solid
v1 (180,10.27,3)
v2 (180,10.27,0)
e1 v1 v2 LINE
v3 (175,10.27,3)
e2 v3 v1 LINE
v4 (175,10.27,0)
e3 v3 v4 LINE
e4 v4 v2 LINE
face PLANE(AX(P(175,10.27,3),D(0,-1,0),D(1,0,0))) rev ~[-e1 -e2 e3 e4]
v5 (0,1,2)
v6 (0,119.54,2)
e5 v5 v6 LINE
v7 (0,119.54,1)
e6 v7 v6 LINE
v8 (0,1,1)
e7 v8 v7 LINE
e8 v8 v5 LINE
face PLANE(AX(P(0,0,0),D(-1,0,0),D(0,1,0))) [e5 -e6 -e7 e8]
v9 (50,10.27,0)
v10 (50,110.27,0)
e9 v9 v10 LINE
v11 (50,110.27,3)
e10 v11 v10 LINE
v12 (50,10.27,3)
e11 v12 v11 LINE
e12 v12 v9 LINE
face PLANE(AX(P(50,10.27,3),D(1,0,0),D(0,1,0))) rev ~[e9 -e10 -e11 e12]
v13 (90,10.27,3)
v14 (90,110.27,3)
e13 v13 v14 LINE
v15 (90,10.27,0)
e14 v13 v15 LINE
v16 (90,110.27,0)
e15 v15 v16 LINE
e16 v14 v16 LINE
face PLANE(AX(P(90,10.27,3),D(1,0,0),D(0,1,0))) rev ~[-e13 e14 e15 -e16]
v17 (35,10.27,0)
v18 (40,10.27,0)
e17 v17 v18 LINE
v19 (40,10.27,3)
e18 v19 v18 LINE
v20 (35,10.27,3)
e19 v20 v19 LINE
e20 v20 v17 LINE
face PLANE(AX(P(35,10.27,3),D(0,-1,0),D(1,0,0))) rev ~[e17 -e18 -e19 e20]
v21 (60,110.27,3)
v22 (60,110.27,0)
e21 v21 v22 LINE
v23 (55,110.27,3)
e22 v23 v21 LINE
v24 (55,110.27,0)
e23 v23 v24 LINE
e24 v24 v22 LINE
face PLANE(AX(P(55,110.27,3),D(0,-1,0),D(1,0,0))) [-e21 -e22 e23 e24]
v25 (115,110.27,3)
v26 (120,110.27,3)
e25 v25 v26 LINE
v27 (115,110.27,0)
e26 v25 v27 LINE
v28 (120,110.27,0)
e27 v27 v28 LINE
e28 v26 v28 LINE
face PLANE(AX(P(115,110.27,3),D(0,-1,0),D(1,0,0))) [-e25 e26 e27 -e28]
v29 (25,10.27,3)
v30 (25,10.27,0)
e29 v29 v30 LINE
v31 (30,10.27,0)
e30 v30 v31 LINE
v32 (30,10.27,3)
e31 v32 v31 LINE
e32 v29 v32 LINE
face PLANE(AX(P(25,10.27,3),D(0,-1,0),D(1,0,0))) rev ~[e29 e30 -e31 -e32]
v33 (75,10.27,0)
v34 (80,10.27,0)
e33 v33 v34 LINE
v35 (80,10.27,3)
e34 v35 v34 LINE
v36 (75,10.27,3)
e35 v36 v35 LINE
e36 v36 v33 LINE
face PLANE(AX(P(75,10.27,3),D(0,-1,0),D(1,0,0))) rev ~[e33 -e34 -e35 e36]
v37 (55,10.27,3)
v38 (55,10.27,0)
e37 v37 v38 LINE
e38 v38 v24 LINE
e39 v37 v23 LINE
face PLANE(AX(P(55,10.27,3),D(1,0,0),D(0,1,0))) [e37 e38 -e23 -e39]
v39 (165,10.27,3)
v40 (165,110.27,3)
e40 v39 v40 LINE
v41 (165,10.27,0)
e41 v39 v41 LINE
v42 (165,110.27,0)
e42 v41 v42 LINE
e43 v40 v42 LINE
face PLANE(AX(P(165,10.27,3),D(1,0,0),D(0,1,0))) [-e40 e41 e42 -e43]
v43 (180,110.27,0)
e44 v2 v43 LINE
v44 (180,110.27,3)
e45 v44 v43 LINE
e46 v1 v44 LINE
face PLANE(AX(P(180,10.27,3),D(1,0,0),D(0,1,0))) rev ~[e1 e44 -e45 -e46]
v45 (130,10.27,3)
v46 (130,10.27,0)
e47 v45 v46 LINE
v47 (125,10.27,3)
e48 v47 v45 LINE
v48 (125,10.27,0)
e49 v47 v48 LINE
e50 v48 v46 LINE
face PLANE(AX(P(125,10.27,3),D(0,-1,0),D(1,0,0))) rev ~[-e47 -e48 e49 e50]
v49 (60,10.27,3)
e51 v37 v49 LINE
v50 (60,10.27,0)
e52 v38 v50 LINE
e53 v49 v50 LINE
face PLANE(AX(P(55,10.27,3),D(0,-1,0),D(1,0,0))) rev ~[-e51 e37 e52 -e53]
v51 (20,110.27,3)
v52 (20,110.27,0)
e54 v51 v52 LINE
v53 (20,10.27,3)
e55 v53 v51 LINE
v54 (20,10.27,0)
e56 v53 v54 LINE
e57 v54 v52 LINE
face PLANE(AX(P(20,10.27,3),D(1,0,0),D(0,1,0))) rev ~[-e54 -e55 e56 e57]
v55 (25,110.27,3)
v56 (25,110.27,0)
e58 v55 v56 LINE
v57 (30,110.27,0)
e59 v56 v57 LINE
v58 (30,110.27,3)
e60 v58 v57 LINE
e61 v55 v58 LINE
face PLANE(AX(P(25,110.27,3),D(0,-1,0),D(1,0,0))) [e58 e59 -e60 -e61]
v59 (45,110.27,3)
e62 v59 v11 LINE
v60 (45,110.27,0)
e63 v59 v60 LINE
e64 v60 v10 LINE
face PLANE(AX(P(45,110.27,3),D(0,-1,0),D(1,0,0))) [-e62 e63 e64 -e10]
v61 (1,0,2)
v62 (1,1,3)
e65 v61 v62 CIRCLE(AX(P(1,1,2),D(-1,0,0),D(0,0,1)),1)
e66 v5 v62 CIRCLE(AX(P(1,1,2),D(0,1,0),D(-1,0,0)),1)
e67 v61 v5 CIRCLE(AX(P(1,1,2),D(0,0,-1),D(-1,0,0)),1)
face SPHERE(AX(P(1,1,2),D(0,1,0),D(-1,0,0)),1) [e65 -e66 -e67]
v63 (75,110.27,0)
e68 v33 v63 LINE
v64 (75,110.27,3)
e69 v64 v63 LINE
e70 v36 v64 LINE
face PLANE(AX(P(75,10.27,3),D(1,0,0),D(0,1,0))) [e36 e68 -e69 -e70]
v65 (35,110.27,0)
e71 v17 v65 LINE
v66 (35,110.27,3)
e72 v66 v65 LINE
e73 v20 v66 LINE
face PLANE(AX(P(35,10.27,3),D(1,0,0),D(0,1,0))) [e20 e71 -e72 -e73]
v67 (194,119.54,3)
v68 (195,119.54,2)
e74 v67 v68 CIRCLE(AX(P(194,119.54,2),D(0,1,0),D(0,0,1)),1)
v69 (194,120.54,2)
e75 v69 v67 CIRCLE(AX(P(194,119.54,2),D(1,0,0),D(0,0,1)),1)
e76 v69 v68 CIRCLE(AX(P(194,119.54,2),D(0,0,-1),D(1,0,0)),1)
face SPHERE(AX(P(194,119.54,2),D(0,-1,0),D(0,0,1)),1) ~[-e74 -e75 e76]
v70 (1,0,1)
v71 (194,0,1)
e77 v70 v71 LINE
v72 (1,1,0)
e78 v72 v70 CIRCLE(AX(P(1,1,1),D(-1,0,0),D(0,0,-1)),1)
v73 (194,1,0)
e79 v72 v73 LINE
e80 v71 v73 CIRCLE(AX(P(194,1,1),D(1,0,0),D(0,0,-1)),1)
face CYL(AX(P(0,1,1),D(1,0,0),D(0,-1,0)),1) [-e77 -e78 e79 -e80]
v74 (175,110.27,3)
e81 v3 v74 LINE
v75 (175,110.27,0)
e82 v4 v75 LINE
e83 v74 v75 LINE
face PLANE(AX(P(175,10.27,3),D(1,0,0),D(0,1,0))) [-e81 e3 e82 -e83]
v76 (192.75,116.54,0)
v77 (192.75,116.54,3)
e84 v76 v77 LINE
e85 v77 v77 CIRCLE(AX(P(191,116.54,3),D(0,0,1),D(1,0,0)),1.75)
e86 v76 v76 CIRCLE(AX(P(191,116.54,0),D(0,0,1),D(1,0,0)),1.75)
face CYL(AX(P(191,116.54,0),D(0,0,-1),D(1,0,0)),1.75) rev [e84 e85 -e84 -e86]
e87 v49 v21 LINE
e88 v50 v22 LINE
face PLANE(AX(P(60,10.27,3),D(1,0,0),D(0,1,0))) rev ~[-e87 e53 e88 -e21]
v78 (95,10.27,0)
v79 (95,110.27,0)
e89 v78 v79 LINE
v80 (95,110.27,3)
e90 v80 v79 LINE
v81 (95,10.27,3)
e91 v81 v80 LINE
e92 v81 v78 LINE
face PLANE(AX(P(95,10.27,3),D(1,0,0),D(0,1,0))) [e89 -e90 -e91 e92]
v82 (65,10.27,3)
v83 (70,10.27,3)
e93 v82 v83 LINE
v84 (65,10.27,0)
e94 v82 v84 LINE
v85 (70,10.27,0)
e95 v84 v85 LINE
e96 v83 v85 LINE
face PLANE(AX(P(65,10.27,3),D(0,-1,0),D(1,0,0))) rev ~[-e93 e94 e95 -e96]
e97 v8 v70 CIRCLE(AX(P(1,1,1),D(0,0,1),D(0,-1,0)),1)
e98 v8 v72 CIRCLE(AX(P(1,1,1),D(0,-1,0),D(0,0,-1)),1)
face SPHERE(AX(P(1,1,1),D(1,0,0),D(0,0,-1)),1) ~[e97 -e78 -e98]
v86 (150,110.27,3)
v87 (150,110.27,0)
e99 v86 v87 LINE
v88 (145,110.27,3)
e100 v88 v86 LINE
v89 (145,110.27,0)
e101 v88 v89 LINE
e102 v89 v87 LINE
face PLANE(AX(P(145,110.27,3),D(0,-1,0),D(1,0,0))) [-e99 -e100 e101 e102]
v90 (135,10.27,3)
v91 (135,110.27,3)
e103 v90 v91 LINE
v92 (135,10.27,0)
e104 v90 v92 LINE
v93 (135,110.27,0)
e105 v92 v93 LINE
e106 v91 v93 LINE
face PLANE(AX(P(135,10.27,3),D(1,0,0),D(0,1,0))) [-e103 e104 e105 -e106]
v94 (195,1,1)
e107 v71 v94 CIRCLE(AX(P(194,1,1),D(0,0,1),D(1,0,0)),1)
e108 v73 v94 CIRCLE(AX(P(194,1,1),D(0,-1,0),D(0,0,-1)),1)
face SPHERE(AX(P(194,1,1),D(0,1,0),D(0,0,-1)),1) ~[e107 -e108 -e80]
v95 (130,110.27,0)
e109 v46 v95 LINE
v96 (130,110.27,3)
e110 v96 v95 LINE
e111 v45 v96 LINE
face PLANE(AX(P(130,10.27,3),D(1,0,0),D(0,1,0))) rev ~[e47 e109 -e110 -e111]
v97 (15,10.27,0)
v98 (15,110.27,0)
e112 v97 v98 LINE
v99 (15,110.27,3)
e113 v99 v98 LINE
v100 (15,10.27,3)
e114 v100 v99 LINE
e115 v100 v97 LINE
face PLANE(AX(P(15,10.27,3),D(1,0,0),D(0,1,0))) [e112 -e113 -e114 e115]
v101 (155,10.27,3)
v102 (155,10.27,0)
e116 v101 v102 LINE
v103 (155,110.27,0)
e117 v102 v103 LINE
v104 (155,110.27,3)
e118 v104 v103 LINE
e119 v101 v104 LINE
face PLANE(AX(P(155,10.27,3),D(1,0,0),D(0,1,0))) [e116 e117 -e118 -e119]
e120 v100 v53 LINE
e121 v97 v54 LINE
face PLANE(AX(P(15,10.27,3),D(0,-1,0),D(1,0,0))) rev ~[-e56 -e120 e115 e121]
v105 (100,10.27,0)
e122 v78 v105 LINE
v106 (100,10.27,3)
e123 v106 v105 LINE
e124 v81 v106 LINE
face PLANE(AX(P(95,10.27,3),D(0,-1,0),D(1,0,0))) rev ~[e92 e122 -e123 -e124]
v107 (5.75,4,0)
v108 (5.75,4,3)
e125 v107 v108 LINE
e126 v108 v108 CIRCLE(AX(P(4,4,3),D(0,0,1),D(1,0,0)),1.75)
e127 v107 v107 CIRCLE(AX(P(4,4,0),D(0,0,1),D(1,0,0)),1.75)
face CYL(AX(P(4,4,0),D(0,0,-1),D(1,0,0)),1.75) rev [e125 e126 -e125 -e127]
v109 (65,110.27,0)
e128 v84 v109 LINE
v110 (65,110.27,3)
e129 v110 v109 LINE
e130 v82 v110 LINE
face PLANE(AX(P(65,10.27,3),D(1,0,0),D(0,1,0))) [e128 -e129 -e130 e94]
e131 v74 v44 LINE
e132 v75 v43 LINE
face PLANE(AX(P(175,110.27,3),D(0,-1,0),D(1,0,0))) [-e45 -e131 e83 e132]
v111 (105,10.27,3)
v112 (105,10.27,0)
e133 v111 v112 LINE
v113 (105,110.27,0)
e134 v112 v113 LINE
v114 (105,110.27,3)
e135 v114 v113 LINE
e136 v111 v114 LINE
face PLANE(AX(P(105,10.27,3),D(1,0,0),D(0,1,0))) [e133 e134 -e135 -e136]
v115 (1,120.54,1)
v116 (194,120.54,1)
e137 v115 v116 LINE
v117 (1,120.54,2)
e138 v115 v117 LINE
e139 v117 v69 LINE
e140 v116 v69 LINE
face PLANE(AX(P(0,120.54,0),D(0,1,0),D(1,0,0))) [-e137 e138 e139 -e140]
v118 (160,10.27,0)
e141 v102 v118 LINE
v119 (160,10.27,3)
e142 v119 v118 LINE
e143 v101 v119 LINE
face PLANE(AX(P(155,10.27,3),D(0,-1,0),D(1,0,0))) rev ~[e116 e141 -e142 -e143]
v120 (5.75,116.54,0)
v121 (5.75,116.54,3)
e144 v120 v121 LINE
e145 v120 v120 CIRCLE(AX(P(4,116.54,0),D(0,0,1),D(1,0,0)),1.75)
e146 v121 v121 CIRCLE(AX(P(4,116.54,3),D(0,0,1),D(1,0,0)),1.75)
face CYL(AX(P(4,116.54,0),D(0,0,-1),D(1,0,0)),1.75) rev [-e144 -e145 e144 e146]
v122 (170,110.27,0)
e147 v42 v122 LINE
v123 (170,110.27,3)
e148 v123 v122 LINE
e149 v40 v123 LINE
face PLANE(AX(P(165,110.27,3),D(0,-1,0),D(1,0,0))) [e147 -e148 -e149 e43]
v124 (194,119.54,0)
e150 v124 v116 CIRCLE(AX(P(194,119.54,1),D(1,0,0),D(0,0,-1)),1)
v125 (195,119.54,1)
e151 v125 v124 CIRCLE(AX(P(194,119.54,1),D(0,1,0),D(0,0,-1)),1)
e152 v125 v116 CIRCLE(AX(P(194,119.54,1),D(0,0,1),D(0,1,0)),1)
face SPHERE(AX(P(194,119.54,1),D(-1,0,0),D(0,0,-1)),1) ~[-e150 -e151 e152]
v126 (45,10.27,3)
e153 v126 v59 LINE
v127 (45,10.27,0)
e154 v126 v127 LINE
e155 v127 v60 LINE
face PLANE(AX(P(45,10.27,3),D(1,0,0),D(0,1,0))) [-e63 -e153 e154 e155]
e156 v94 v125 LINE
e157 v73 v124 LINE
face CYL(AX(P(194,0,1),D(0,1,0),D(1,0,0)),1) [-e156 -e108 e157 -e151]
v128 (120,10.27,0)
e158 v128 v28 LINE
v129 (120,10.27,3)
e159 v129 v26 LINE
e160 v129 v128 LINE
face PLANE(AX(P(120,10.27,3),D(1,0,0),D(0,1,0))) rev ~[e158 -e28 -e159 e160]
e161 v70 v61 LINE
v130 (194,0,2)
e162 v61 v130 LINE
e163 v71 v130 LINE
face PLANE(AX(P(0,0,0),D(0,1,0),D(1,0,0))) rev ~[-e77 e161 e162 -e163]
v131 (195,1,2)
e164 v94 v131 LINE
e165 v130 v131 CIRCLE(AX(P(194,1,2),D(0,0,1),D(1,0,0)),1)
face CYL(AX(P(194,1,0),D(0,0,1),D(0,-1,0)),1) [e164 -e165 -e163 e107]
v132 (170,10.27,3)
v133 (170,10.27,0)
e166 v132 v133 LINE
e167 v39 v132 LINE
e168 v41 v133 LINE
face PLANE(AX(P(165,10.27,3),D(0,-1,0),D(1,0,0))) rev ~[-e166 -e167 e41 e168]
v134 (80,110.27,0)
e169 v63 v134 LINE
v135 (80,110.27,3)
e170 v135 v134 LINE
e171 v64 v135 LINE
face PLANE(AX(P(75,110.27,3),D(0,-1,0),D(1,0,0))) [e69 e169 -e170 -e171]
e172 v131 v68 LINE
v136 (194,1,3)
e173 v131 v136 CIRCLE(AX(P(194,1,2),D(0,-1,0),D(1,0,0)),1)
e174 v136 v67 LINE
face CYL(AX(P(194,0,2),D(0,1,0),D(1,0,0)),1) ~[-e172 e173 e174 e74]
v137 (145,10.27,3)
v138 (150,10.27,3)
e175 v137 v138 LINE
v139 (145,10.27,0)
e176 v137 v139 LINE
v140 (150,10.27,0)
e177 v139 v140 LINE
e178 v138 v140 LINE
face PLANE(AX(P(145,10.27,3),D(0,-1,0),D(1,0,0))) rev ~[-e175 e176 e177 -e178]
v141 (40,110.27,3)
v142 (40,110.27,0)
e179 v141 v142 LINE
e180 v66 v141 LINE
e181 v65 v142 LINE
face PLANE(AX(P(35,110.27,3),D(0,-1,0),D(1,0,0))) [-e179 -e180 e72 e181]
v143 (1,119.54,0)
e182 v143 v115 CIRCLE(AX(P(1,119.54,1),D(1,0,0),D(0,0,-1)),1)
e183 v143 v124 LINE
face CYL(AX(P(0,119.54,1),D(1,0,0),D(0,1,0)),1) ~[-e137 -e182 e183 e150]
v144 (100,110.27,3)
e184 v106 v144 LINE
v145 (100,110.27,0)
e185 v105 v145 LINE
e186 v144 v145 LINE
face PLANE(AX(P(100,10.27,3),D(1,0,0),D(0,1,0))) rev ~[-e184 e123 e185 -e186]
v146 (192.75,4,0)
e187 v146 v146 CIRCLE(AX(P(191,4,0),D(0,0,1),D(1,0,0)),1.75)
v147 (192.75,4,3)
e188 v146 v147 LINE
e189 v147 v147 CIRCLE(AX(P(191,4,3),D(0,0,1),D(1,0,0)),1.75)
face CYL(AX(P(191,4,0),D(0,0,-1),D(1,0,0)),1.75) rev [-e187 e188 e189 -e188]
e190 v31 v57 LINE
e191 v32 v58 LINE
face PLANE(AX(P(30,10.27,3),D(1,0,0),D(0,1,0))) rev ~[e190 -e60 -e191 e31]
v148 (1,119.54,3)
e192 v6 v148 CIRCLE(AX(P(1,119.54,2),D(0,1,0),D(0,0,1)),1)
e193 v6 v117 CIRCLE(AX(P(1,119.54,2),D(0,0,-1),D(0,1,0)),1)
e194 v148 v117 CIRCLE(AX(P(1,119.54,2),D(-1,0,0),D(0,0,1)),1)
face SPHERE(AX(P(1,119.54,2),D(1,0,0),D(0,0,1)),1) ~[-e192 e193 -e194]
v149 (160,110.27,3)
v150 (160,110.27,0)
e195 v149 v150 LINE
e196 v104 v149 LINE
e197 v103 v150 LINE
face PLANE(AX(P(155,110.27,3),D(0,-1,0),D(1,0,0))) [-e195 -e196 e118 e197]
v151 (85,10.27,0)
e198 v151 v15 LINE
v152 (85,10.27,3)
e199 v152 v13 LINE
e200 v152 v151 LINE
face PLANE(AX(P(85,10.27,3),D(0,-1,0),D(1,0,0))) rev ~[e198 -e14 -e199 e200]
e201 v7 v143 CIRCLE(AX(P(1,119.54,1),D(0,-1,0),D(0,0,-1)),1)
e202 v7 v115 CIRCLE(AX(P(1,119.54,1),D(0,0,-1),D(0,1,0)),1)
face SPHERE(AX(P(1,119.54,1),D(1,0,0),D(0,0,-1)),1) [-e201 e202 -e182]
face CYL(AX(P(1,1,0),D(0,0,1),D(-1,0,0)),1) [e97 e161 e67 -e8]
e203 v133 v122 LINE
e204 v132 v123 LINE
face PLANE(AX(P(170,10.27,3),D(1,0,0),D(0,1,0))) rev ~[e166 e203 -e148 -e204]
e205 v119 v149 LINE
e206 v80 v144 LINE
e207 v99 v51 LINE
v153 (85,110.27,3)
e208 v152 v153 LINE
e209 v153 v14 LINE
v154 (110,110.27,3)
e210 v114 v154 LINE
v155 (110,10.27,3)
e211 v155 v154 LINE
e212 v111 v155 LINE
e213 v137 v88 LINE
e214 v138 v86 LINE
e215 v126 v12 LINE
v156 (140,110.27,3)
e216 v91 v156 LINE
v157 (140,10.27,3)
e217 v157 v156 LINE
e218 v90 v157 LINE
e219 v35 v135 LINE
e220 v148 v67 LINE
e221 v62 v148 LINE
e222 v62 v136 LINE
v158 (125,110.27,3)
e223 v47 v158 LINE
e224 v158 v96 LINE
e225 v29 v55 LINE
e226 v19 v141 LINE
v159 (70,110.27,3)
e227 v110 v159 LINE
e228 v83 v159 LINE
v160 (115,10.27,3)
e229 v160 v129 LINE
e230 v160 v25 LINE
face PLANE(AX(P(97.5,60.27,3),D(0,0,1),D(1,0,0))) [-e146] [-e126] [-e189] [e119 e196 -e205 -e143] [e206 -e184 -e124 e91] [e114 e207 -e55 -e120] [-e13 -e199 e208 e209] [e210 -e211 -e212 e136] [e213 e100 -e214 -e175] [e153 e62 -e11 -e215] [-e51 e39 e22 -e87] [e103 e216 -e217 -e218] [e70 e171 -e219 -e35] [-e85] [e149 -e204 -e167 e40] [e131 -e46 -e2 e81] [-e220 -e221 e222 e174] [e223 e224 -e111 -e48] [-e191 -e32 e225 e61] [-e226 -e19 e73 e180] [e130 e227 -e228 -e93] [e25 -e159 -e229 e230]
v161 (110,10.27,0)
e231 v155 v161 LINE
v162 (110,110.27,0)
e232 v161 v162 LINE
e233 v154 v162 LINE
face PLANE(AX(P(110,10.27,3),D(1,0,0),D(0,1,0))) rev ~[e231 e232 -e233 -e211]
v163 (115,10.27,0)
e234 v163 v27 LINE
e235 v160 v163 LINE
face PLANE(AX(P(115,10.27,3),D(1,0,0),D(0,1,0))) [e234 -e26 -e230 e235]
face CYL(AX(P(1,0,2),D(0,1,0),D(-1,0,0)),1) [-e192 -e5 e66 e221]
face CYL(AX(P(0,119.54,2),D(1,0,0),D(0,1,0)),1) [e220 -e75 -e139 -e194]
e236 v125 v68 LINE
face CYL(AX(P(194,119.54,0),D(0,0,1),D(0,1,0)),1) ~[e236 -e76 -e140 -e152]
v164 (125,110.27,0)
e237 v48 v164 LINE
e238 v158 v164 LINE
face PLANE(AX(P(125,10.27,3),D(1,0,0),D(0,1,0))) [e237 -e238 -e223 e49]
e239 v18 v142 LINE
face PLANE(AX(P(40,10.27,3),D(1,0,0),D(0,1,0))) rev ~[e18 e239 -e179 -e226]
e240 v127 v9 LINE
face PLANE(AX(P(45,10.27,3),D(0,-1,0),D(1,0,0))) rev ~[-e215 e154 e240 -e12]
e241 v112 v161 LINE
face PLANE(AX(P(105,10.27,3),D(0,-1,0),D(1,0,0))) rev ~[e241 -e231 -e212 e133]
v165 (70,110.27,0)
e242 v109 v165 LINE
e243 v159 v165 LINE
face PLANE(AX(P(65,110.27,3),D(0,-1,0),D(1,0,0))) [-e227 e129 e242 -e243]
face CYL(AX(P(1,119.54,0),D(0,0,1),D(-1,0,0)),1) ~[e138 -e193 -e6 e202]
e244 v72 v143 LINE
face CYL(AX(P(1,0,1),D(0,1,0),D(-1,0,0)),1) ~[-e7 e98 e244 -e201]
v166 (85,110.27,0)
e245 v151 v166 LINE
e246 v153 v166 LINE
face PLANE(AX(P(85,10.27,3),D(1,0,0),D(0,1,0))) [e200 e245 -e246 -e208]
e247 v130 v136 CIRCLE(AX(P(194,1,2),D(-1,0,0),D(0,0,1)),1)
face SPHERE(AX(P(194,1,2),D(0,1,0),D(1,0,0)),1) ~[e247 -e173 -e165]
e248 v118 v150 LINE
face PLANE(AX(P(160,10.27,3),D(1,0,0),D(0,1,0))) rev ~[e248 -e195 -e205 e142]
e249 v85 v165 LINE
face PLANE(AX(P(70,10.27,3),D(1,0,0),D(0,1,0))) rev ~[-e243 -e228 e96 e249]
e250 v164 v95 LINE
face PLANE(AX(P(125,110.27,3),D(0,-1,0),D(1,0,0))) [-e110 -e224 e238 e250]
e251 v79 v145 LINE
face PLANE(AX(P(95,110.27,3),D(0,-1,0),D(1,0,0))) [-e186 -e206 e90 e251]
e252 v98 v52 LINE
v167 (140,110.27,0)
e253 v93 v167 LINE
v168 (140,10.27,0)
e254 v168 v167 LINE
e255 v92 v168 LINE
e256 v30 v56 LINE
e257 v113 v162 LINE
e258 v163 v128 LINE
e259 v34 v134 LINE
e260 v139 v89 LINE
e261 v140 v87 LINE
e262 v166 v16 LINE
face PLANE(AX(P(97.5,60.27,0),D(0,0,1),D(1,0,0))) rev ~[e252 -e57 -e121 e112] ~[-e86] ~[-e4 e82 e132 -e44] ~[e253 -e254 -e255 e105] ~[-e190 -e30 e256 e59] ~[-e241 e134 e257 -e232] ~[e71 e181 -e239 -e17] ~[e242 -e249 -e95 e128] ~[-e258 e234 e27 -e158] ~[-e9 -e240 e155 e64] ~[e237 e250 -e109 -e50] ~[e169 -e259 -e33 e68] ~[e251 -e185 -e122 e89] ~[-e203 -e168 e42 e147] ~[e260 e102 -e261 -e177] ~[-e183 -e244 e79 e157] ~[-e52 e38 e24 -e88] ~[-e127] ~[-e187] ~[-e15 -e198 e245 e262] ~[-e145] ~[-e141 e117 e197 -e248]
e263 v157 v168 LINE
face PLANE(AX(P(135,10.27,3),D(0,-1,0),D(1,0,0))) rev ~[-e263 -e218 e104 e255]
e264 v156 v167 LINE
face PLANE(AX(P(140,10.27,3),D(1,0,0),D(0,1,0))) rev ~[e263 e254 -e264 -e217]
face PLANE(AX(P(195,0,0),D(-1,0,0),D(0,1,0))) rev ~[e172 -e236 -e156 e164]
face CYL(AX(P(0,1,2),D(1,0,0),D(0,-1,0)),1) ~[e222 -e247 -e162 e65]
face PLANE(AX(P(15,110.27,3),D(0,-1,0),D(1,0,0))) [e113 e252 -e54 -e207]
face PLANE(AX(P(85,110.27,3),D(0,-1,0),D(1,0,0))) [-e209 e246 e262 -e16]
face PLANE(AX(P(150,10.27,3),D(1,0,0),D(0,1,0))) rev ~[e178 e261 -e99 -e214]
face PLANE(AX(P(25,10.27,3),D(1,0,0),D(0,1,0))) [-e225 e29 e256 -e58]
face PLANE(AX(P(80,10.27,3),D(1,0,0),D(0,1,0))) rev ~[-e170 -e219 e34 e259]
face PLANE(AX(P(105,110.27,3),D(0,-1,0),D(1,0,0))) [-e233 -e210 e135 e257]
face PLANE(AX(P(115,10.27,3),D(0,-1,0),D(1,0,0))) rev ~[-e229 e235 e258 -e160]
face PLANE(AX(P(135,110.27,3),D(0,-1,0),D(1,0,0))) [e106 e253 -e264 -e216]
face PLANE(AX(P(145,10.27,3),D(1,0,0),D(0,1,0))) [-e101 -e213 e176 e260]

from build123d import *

# Parameters (mm, degrees)
SKETCH1_W           = 195
SKETCH1_H           = 120.54
SKETCH1_R           = 1.75
BOSS_EXTRUDE1_DEPTH = 3
FILLET1_R           = 1
SKETCH3_W           = 5
SKETCH3_H           = 100
CUT_EXTRUDE1_DEPTH  = 230.268165256


with BuildPart() as part:
    # Sketch1 → Boss-Extrude1 (new body)
    with BuildSketch(Plane.XY):
        with Locations((97.5, 60.27)):
            Rectangle(SKETCH1_W, SKETCH1_H)
        with Locations((4, 116.54)):
            Circle(SKETCH1_R, mode=Mode.SUBTRACT)
        with Locations((191, 116.54)):
            Circle(SKETCH1_R, mode=Mode.SUBTRACT)
        with Locations((4, 4)):
            Circle(SKETCH1_R, mode=Mode.SUBTRACT)
        with Locations((191, 4)):
            Circle(SKETCH1_R, mode=Mode.SUBTRACT)
    extrude(amount=BOSS_EXTRUDE1_DEPTH)

    # Fillet1
    fillet1_edges = [part.edges().sort_by_distance(p)[0] for p in [
        (195, 60.27, 3),
        (97.5, 120.54, 3),
        (0, 60.27, 3),
        (97.5, 120.54, 0),
        (195, 60.27, 0),
        (97.5, 0, 0),
        (0, 60.27, 0),
        (0, 120.54, 1.5),
        (195, 120.54, 1.5),
        (195, 0, 1.5),
        (0, 0, 1.5),
        (97.5, 0, 3),
    ]]
    fillet(fillet1_edges, radius=FILLET1_R)

    # Sketch3 → Cut-Extrude1 (cut, through all)
    with BuildSketch(Plane.XY.offset(3)):
        with Locations((27.5, 60.27)):
            Rectangle(SKETCH3_W, SKETCH3_H)
        with Locations((17.5, 60.27)):
            Rectangle(SKETCH3_W, SKETCH3_H)
        with Locations((37.5, 60.27)):
            Rectangle(SKETCH3_W, SKETCH3_H)
        with Locations((47.5, 60.27)):
            Rectangle(SKETCH3_W, SKETCH3_H)
        with Locations((57.5, 60.27)):
            Rectangle(SKETCH3_W, SKETCH3_H)
        with Locations((67.5, 60.27)):
            Rectangle(SKETCH3_W, SKETCH3_H)
        with Locations((77.5, 60.27)):
            Rectangle(SKETCH3_W, SKETCH3_H)
        with Locations((87.5, 60.27)):
            Rectangle(SKETCH3_W, SKETCH3_H)
        with Locations((97.5, 60.27)):
            Rectangle(SKETCH3_W, SKETCH3_H)
        with Locations((107.5, 60.27)):
            Rectangle(SKETCH3_W, SKETCH3_H)
        with Locations((117.5, 60.27)):
            Rectangle(SKETCH3_W, SKETCH3_H)
        with Locations((127.5, 60.27)):
            Rectangle(SKETCH3_W, SKETCH3_H)
        with Locations((137.5, 60.27)):
            Rectangle(SKETCH3_W, SKETCH3_H)
        with Locations((147.5, 60.27)):
            Rectangle(SKETCH3_W, SKETCH3_H)
        with Locations((157.5, 60.27)):
            Rectangle(SKETCH3_W, SKETCH3_H)
        with Locations((167.5, 60.27)):
            Rectangle(SKETCH3_W, SKETCH3_H)
        with Locations((177.5, 60.27)):
            Rectangle(SKETCH3_W, SKETCH3_H)
    extrude(amount=-CUT_EXTRUDE1_DEPTH, mode=Mode.SUBTRACT)


solid = part.part
